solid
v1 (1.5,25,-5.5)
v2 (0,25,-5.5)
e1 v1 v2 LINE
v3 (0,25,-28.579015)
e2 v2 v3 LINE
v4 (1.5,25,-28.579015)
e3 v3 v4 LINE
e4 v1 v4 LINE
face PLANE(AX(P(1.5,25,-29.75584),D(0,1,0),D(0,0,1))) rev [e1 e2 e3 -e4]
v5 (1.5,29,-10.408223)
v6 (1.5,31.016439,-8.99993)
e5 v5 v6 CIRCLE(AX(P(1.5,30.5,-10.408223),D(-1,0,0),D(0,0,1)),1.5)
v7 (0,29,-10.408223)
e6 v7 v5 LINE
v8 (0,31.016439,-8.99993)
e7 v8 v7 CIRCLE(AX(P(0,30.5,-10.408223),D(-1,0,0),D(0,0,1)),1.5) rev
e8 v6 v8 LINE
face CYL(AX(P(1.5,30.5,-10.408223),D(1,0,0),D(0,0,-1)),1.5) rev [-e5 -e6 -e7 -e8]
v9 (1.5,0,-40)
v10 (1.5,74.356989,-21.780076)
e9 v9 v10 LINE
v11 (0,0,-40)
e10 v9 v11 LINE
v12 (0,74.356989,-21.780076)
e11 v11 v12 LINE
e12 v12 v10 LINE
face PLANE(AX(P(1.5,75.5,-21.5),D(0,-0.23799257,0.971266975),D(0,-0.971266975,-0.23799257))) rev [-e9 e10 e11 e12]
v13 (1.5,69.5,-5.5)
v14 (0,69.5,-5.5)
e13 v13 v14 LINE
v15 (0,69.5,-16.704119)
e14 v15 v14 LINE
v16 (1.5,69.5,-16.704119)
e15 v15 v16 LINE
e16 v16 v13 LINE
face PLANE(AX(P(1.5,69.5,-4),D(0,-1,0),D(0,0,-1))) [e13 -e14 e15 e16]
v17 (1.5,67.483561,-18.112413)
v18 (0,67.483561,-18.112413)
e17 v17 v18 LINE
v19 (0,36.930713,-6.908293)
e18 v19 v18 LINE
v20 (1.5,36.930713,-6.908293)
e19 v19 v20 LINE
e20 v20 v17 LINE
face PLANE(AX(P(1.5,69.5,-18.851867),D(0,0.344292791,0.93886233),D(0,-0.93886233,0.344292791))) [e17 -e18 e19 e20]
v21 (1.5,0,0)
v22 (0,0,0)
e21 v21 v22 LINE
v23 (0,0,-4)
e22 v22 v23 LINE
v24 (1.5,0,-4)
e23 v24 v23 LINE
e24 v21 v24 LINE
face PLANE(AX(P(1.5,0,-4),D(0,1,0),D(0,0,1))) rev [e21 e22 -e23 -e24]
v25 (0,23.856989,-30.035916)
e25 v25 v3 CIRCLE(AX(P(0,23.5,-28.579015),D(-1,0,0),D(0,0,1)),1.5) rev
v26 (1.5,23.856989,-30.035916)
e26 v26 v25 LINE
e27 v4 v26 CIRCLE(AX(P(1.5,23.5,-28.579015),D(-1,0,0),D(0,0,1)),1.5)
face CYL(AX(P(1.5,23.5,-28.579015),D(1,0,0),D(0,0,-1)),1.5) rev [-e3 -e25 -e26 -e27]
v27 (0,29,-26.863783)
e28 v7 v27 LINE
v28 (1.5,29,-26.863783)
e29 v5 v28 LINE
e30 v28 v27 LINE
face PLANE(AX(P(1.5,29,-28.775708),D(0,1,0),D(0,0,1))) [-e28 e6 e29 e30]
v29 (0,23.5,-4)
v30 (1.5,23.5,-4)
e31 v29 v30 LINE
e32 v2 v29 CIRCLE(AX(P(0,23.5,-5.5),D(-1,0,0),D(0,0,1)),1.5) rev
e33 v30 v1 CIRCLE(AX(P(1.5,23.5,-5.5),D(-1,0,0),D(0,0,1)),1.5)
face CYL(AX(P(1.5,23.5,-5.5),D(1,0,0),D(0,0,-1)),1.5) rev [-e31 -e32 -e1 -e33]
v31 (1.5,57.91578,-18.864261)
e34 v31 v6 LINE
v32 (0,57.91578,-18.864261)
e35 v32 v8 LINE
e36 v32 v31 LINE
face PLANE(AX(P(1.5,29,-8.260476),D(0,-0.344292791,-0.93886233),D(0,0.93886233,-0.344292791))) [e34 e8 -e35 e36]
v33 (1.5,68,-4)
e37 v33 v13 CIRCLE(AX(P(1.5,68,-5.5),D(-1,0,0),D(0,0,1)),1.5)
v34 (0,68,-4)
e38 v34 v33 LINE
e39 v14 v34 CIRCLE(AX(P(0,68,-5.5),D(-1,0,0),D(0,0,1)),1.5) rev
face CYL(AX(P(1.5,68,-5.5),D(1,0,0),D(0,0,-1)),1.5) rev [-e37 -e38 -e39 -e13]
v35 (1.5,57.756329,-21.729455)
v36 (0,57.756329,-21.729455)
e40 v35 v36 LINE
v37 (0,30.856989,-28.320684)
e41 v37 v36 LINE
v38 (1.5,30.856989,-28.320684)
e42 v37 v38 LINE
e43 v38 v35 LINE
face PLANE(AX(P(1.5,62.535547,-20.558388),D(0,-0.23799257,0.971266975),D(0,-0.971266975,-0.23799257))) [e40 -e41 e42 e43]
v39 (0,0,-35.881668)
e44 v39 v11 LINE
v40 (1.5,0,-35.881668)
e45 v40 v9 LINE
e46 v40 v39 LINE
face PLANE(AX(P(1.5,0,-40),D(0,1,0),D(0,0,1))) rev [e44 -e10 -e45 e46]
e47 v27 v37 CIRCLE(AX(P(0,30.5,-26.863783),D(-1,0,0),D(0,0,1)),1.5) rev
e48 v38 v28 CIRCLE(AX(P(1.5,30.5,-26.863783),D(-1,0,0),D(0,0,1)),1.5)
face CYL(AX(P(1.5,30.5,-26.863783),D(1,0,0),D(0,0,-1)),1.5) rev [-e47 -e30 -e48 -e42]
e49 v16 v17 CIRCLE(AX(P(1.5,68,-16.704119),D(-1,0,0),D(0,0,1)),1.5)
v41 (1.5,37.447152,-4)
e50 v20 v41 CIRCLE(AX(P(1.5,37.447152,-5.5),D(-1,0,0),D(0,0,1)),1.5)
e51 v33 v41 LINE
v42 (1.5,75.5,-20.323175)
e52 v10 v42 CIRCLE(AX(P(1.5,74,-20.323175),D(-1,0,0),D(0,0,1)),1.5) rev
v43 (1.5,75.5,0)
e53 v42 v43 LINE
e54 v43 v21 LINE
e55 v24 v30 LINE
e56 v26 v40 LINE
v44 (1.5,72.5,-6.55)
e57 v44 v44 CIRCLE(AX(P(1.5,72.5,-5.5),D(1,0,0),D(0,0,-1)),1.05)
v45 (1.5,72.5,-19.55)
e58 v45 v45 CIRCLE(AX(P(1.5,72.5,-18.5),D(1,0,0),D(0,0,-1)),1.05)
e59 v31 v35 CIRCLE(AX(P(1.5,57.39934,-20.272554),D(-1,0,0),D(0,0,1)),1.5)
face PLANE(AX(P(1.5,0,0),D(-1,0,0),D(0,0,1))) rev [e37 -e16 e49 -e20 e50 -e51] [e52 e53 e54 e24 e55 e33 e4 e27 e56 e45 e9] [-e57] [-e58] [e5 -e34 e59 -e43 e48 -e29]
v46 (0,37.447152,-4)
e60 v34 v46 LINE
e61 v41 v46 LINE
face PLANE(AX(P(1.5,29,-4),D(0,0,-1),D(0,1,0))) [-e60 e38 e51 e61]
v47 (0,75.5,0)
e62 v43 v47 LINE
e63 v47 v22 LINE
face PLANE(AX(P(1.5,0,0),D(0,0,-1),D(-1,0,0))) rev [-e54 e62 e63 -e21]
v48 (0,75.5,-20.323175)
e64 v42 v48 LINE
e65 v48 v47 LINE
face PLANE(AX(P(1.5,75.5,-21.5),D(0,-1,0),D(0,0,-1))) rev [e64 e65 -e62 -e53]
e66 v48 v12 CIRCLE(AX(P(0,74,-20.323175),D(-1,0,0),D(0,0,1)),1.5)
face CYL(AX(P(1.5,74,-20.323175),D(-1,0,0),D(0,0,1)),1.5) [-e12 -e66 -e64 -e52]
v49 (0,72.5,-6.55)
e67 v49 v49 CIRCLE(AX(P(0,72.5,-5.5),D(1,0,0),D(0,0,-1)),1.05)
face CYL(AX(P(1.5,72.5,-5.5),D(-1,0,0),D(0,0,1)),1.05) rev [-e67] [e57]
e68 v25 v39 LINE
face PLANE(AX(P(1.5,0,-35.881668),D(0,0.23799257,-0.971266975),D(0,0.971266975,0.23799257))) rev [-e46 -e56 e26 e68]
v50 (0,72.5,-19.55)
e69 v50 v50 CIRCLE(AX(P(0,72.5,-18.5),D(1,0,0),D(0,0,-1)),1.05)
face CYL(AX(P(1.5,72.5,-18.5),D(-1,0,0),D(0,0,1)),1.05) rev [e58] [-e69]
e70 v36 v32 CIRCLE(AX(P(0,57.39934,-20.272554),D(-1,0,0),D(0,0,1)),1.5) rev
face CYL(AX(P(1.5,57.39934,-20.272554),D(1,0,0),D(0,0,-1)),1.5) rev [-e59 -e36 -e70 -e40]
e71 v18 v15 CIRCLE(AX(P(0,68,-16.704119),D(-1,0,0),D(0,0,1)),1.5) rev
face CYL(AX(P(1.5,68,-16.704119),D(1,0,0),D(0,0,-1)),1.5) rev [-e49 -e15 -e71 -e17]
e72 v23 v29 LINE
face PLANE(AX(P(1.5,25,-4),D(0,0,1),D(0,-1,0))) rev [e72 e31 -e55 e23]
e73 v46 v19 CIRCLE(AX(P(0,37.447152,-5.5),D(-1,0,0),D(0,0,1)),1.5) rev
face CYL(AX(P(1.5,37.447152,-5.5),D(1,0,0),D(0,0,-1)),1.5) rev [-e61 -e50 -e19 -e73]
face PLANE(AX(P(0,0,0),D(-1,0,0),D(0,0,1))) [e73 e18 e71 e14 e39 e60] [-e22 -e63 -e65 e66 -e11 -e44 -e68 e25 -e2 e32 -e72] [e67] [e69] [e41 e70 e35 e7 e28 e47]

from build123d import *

# Parameters (mm, degrees)
SKETCH1_R           = 1.05
BOSS_EXTRUDE1_DEPTH = 1.5
FILLET1_R           = 1.5


with BuildPart() as part:
    # Sketch1 → Boss-Extrude1 (new body)
    with BuildSketch(Plane(origin=(0, 0, 0), x_dir=(0, 0, -1), z_dir=(1, 0, 0))):
        Polygon((0, 0), (0, 75.5), (21.5, 75.5), (40, 0), (35.881667859, 0), (29.755840045, 25), (4, 25), (4, 0), align=None)
        with Locations((5.5, 72.5)):
            Circle(SKETCH1_R, mode=Mode.SUBTRACT)
        with Locations((18.5, 72.5)):
            Circle(SKETCH1_R, mode=Mode.SUBTRACT)
        Polygon((4, 69.5), (18.851866535, 69.5), (4, 29), align=None, mode=Mode.SUBTRACT)
        Polygon((8.260475549, 29), (20.558388216, 62.535546651), (28.775707595, 29), align=None, mode=Mode.SUBTRACT)
    extrude(amount=BOSS_EXTRUDE1_DEPTH)

    # Fillet1
    fillet1_edges = [part.edges().sort_by_distance(p)[0] for p in [
        (0.75, 75.5, -21.5),
        (0.75, 25, -29.755840045),
        (0.75, 25, -4),
        (0.75, 69.5, -4),
        (0.75, 29, -4),
        (0.75, 69.5, -18.851866535),
        (0.75, 29, -8.260475549),
        (0.75, 29, -28.775707595),
        (0.75, 62.535546651, -20.558388216),
    ]]
    fillet(fillet1_edges, radius=FILLET1_R)


solid = part.part
